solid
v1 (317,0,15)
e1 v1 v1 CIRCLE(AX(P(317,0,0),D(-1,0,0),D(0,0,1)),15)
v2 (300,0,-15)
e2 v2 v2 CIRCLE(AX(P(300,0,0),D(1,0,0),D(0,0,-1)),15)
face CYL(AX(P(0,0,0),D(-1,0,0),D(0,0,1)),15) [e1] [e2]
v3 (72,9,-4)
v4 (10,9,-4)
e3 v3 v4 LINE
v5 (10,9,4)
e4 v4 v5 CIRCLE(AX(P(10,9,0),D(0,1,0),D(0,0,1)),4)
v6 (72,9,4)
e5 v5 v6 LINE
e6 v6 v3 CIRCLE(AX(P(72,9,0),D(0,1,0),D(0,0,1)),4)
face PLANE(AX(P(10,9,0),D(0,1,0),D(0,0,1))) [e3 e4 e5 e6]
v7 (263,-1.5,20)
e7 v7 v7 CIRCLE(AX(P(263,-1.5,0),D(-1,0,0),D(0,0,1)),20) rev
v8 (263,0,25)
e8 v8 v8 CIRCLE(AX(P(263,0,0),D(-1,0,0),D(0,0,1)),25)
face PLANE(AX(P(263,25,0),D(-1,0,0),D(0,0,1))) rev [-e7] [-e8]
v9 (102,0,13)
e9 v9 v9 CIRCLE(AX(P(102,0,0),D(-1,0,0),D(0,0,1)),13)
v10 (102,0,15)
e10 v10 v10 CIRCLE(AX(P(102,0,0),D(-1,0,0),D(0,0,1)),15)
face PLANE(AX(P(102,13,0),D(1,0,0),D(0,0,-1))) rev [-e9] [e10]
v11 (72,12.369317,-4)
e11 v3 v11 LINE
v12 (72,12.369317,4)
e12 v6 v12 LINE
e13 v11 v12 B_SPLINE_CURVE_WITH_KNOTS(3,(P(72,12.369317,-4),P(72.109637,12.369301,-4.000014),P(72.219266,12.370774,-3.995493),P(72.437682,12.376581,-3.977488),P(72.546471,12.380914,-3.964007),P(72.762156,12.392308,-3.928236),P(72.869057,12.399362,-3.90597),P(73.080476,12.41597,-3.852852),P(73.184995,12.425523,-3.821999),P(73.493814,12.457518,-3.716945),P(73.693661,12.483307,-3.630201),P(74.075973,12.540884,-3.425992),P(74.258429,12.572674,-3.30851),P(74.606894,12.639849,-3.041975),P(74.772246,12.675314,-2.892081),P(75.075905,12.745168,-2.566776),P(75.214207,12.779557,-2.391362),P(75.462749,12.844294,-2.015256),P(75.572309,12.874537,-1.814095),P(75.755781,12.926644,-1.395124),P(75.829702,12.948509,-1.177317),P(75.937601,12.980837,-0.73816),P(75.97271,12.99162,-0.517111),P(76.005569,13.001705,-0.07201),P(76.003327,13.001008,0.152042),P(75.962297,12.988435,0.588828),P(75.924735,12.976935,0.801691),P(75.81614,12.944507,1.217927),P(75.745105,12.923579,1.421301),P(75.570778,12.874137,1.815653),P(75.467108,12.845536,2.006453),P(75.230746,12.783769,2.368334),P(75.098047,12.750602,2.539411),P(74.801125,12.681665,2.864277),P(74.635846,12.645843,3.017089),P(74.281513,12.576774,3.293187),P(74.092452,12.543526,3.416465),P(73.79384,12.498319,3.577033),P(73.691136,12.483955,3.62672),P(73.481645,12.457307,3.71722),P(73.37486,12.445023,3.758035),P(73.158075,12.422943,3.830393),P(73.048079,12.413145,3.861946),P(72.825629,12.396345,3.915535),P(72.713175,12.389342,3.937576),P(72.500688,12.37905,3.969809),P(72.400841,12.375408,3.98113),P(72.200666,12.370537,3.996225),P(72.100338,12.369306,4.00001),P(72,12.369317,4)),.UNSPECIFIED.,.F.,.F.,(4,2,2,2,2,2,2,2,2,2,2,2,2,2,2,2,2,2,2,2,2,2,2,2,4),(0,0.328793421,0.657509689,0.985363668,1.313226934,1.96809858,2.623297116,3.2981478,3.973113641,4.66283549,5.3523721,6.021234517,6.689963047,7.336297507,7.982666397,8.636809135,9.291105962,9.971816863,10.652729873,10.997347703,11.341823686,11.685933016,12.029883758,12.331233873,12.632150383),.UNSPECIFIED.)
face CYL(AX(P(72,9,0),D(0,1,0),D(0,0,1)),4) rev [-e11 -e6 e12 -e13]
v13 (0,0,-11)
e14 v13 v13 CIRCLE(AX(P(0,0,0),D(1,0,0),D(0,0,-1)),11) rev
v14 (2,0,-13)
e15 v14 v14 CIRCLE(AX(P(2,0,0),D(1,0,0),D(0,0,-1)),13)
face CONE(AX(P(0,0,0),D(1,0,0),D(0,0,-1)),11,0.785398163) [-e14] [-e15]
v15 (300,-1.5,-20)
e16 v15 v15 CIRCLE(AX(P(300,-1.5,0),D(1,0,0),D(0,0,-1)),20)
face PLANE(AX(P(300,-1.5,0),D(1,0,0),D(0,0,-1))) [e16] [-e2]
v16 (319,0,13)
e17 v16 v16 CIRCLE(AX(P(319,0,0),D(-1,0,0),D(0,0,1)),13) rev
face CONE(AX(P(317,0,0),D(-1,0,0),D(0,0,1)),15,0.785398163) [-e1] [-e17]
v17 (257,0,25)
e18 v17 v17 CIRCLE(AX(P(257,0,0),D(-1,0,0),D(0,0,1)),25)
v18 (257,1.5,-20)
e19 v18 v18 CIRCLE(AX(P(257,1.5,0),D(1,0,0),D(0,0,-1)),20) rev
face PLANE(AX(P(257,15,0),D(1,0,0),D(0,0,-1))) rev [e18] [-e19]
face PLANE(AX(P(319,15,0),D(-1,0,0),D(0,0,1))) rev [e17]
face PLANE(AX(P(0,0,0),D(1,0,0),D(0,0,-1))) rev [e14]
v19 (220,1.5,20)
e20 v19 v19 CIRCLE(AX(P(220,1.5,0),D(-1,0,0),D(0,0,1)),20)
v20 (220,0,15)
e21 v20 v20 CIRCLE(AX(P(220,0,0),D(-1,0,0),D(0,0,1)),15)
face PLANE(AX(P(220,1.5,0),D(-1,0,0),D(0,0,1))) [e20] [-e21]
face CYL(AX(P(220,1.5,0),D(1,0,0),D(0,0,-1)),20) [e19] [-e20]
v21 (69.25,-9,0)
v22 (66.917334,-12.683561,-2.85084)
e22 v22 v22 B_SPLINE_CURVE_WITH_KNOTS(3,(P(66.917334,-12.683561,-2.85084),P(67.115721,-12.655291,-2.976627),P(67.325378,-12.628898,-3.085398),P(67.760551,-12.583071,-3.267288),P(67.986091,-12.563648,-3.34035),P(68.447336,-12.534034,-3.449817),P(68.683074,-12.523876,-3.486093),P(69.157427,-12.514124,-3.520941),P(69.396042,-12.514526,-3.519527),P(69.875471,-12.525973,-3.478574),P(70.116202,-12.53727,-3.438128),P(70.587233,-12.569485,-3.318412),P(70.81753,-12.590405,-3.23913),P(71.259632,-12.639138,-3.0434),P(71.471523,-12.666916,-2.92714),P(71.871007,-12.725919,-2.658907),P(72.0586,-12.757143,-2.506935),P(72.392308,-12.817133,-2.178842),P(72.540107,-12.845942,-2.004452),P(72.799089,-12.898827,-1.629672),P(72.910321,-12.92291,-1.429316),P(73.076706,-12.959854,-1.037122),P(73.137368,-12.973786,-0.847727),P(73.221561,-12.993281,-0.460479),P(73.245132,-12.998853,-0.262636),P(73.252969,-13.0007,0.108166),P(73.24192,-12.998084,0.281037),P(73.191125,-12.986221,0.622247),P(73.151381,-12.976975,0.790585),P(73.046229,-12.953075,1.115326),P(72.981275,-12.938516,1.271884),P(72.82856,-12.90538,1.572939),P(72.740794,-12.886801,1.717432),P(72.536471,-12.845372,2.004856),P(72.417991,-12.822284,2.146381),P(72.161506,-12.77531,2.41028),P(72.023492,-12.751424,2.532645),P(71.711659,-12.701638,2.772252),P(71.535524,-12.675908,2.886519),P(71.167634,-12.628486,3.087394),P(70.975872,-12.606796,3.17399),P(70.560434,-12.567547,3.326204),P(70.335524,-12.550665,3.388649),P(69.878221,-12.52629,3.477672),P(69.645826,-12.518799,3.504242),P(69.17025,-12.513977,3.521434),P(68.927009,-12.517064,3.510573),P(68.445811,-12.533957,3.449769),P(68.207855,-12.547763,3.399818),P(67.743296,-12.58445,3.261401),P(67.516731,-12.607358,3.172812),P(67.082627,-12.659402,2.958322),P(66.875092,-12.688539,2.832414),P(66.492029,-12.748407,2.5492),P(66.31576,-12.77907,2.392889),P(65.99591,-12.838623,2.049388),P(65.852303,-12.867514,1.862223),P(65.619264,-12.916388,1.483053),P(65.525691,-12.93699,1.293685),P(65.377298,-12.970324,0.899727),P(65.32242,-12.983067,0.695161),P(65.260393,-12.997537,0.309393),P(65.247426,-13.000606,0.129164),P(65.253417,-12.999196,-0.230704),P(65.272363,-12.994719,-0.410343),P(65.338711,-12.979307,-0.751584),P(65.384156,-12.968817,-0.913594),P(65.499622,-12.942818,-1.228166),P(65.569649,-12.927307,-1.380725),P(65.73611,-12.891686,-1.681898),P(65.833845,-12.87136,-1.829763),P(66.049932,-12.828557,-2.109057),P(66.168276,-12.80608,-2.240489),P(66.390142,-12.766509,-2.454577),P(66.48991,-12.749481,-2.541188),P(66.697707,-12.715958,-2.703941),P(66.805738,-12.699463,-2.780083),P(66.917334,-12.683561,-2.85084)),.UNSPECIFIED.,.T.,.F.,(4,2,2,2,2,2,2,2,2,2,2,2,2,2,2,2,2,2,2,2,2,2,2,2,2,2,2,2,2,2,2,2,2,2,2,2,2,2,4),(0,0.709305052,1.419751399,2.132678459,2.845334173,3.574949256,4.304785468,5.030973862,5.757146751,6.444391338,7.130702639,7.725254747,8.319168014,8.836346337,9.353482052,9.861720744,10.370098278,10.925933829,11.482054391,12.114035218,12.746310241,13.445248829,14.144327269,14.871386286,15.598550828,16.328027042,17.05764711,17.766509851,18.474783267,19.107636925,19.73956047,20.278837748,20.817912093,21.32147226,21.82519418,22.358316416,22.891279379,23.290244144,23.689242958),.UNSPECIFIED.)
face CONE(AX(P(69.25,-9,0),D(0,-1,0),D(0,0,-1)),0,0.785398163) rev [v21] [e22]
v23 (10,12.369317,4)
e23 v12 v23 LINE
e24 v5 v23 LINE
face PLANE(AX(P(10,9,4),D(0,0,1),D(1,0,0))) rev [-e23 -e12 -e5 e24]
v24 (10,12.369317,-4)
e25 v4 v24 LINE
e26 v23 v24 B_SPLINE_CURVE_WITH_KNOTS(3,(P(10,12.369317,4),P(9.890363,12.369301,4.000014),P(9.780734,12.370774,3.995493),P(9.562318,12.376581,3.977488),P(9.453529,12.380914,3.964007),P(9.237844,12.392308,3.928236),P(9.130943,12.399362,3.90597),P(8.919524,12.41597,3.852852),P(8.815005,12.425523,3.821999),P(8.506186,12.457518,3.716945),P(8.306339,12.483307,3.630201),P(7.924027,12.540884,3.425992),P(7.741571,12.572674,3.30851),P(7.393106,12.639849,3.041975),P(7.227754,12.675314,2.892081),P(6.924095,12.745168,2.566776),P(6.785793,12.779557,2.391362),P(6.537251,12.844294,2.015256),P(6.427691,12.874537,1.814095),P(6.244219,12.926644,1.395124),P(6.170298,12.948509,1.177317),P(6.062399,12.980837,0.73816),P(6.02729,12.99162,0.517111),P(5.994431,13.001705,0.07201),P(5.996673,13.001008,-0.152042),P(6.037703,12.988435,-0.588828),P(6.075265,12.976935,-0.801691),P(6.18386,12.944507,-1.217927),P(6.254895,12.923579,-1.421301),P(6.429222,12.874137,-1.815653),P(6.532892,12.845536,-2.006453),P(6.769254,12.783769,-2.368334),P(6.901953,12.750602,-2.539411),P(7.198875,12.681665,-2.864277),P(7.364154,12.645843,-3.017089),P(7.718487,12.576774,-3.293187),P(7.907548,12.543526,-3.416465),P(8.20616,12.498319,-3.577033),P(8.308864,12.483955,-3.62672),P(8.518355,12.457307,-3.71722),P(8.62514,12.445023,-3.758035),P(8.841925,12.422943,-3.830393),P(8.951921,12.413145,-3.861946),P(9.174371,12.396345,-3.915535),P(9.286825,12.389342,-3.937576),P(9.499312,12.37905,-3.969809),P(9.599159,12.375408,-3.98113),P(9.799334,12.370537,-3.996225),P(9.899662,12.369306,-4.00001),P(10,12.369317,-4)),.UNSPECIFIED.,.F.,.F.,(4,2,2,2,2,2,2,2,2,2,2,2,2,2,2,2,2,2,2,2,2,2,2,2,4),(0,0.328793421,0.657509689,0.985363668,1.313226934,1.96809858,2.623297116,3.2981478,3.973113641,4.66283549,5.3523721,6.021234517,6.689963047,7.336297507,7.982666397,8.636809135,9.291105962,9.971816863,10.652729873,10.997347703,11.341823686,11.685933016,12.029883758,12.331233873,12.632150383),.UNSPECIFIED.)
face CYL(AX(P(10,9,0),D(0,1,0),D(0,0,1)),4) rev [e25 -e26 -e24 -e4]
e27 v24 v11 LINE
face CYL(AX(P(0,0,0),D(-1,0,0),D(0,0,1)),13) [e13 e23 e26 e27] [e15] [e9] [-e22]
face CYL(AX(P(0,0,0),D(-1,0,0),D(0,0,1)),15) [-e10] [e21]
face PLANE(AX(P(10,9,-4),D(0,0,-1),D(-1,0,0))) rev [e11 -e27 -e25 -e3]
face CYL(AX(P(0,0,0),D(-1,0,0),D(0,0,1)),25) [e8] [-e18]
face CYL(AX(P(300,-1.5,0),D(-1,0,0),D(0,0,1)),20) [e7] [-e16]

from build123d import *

# Parameters (mm, degrees)
CUT_EXTRUDE_START   = 13
CUT_EXTRUDE_1_DEPTH = 4
SKETCH_3_R          = 20
EXTRUDE_1_DEPTH     = 37
SKETCH_4_R          = 20
EXTRUDE_2_DEPTH     = 37
CHAMFER_1_SIZE      = 2


with BuildPart() as part:
    # 草图1 → 旋转1 (revolve)
    with BuildSketch(Plane.XY, mode=Mode.PRIVATE) as revolve_1_sk:
        Polygon((0, 0), (0, 13), (102, 13), (102, 15), (220, 15), (257, 15), (257, 25), (263, 25), (263, 15), (300, 15), (319, 15), (319, 0), align=None)
    revolve(revolve_1_sk.sketch.rotate(Axis((0, 0, 0), (1, 0, 0)), 90), axis=Axis((0, 0, 0), (1, 0, 0)))

    # 草图2 → 切除-拉伸1 (cut)
    with BuildSketch(Plane(origin=(0, 0, 0), x_dir=(1, 0, 0), z_dir=(0, 1, 0)).offset(CUT_EXTRUDE_START)):
        with BuildLine():
            Line((10, 4), (72, 4))
            ThreePointArc((72, 4), (76, 0), (72, -4))
            Line((72, -4), (10, -4))
            ThreePointArc((10, -4), (6, 0), (10, 4))
        make_face()
    extrude(amount=-CUT_EXTRUDE_1_DEPTH, mode=Mode.SUBTRACT)

    # 草图3 → 凸台-拉伸1 (add)
    with BuildSketch(Plane.ZY.offset(-257)):
        with Locations(Location((0, 1.5, 0), (0, 0, 180))):
            Circle(SKETCH_3_R)
    extrude(amount=EXTRUDE_1_DEPTH)

    # 草图4 → 凸台-拉伸2 (add)
    with BuildSketch(Plane(origin=(263, 0, 0), x_dir=(0, 0, -1), z_dir=(1, 0, 0))):
        with Locations(Location((0, -1.5, 0), (0, 0, 180))):
            Circle(SKETCH_4_R)
    extrude(amount=EXTRUDE_2_DEPTH)

    # 倒角1
    chamfer_1_edges = [part.edges().sort_by_distance(p)[0] for p in [
        (0, 0, -13),
        (319, 0, -15),
    ]]
    chamfer(chamfer_1_edges, length=CHAMFER_1_SIZE)

    # 草图5 → 切除-旋转1 (revolve, cut)
    with BuildSketch(Plane.XY, mode=Mode.PRIVATE) as cut_revolve_1_sk:
        Polygon((65.25, -13), (69.25, -9), (69.25, -13), align=None)
    revolve(cut_revolve_1_sk.sketch.rotate(Axis((69.25, -17.970703126, 0), (0, 1, 0)), 270), axis=Axis((69.25, -17.970703126, 0), (0, 1, 0)), mode=Mode.SUBTRACT)


solid = part.part
